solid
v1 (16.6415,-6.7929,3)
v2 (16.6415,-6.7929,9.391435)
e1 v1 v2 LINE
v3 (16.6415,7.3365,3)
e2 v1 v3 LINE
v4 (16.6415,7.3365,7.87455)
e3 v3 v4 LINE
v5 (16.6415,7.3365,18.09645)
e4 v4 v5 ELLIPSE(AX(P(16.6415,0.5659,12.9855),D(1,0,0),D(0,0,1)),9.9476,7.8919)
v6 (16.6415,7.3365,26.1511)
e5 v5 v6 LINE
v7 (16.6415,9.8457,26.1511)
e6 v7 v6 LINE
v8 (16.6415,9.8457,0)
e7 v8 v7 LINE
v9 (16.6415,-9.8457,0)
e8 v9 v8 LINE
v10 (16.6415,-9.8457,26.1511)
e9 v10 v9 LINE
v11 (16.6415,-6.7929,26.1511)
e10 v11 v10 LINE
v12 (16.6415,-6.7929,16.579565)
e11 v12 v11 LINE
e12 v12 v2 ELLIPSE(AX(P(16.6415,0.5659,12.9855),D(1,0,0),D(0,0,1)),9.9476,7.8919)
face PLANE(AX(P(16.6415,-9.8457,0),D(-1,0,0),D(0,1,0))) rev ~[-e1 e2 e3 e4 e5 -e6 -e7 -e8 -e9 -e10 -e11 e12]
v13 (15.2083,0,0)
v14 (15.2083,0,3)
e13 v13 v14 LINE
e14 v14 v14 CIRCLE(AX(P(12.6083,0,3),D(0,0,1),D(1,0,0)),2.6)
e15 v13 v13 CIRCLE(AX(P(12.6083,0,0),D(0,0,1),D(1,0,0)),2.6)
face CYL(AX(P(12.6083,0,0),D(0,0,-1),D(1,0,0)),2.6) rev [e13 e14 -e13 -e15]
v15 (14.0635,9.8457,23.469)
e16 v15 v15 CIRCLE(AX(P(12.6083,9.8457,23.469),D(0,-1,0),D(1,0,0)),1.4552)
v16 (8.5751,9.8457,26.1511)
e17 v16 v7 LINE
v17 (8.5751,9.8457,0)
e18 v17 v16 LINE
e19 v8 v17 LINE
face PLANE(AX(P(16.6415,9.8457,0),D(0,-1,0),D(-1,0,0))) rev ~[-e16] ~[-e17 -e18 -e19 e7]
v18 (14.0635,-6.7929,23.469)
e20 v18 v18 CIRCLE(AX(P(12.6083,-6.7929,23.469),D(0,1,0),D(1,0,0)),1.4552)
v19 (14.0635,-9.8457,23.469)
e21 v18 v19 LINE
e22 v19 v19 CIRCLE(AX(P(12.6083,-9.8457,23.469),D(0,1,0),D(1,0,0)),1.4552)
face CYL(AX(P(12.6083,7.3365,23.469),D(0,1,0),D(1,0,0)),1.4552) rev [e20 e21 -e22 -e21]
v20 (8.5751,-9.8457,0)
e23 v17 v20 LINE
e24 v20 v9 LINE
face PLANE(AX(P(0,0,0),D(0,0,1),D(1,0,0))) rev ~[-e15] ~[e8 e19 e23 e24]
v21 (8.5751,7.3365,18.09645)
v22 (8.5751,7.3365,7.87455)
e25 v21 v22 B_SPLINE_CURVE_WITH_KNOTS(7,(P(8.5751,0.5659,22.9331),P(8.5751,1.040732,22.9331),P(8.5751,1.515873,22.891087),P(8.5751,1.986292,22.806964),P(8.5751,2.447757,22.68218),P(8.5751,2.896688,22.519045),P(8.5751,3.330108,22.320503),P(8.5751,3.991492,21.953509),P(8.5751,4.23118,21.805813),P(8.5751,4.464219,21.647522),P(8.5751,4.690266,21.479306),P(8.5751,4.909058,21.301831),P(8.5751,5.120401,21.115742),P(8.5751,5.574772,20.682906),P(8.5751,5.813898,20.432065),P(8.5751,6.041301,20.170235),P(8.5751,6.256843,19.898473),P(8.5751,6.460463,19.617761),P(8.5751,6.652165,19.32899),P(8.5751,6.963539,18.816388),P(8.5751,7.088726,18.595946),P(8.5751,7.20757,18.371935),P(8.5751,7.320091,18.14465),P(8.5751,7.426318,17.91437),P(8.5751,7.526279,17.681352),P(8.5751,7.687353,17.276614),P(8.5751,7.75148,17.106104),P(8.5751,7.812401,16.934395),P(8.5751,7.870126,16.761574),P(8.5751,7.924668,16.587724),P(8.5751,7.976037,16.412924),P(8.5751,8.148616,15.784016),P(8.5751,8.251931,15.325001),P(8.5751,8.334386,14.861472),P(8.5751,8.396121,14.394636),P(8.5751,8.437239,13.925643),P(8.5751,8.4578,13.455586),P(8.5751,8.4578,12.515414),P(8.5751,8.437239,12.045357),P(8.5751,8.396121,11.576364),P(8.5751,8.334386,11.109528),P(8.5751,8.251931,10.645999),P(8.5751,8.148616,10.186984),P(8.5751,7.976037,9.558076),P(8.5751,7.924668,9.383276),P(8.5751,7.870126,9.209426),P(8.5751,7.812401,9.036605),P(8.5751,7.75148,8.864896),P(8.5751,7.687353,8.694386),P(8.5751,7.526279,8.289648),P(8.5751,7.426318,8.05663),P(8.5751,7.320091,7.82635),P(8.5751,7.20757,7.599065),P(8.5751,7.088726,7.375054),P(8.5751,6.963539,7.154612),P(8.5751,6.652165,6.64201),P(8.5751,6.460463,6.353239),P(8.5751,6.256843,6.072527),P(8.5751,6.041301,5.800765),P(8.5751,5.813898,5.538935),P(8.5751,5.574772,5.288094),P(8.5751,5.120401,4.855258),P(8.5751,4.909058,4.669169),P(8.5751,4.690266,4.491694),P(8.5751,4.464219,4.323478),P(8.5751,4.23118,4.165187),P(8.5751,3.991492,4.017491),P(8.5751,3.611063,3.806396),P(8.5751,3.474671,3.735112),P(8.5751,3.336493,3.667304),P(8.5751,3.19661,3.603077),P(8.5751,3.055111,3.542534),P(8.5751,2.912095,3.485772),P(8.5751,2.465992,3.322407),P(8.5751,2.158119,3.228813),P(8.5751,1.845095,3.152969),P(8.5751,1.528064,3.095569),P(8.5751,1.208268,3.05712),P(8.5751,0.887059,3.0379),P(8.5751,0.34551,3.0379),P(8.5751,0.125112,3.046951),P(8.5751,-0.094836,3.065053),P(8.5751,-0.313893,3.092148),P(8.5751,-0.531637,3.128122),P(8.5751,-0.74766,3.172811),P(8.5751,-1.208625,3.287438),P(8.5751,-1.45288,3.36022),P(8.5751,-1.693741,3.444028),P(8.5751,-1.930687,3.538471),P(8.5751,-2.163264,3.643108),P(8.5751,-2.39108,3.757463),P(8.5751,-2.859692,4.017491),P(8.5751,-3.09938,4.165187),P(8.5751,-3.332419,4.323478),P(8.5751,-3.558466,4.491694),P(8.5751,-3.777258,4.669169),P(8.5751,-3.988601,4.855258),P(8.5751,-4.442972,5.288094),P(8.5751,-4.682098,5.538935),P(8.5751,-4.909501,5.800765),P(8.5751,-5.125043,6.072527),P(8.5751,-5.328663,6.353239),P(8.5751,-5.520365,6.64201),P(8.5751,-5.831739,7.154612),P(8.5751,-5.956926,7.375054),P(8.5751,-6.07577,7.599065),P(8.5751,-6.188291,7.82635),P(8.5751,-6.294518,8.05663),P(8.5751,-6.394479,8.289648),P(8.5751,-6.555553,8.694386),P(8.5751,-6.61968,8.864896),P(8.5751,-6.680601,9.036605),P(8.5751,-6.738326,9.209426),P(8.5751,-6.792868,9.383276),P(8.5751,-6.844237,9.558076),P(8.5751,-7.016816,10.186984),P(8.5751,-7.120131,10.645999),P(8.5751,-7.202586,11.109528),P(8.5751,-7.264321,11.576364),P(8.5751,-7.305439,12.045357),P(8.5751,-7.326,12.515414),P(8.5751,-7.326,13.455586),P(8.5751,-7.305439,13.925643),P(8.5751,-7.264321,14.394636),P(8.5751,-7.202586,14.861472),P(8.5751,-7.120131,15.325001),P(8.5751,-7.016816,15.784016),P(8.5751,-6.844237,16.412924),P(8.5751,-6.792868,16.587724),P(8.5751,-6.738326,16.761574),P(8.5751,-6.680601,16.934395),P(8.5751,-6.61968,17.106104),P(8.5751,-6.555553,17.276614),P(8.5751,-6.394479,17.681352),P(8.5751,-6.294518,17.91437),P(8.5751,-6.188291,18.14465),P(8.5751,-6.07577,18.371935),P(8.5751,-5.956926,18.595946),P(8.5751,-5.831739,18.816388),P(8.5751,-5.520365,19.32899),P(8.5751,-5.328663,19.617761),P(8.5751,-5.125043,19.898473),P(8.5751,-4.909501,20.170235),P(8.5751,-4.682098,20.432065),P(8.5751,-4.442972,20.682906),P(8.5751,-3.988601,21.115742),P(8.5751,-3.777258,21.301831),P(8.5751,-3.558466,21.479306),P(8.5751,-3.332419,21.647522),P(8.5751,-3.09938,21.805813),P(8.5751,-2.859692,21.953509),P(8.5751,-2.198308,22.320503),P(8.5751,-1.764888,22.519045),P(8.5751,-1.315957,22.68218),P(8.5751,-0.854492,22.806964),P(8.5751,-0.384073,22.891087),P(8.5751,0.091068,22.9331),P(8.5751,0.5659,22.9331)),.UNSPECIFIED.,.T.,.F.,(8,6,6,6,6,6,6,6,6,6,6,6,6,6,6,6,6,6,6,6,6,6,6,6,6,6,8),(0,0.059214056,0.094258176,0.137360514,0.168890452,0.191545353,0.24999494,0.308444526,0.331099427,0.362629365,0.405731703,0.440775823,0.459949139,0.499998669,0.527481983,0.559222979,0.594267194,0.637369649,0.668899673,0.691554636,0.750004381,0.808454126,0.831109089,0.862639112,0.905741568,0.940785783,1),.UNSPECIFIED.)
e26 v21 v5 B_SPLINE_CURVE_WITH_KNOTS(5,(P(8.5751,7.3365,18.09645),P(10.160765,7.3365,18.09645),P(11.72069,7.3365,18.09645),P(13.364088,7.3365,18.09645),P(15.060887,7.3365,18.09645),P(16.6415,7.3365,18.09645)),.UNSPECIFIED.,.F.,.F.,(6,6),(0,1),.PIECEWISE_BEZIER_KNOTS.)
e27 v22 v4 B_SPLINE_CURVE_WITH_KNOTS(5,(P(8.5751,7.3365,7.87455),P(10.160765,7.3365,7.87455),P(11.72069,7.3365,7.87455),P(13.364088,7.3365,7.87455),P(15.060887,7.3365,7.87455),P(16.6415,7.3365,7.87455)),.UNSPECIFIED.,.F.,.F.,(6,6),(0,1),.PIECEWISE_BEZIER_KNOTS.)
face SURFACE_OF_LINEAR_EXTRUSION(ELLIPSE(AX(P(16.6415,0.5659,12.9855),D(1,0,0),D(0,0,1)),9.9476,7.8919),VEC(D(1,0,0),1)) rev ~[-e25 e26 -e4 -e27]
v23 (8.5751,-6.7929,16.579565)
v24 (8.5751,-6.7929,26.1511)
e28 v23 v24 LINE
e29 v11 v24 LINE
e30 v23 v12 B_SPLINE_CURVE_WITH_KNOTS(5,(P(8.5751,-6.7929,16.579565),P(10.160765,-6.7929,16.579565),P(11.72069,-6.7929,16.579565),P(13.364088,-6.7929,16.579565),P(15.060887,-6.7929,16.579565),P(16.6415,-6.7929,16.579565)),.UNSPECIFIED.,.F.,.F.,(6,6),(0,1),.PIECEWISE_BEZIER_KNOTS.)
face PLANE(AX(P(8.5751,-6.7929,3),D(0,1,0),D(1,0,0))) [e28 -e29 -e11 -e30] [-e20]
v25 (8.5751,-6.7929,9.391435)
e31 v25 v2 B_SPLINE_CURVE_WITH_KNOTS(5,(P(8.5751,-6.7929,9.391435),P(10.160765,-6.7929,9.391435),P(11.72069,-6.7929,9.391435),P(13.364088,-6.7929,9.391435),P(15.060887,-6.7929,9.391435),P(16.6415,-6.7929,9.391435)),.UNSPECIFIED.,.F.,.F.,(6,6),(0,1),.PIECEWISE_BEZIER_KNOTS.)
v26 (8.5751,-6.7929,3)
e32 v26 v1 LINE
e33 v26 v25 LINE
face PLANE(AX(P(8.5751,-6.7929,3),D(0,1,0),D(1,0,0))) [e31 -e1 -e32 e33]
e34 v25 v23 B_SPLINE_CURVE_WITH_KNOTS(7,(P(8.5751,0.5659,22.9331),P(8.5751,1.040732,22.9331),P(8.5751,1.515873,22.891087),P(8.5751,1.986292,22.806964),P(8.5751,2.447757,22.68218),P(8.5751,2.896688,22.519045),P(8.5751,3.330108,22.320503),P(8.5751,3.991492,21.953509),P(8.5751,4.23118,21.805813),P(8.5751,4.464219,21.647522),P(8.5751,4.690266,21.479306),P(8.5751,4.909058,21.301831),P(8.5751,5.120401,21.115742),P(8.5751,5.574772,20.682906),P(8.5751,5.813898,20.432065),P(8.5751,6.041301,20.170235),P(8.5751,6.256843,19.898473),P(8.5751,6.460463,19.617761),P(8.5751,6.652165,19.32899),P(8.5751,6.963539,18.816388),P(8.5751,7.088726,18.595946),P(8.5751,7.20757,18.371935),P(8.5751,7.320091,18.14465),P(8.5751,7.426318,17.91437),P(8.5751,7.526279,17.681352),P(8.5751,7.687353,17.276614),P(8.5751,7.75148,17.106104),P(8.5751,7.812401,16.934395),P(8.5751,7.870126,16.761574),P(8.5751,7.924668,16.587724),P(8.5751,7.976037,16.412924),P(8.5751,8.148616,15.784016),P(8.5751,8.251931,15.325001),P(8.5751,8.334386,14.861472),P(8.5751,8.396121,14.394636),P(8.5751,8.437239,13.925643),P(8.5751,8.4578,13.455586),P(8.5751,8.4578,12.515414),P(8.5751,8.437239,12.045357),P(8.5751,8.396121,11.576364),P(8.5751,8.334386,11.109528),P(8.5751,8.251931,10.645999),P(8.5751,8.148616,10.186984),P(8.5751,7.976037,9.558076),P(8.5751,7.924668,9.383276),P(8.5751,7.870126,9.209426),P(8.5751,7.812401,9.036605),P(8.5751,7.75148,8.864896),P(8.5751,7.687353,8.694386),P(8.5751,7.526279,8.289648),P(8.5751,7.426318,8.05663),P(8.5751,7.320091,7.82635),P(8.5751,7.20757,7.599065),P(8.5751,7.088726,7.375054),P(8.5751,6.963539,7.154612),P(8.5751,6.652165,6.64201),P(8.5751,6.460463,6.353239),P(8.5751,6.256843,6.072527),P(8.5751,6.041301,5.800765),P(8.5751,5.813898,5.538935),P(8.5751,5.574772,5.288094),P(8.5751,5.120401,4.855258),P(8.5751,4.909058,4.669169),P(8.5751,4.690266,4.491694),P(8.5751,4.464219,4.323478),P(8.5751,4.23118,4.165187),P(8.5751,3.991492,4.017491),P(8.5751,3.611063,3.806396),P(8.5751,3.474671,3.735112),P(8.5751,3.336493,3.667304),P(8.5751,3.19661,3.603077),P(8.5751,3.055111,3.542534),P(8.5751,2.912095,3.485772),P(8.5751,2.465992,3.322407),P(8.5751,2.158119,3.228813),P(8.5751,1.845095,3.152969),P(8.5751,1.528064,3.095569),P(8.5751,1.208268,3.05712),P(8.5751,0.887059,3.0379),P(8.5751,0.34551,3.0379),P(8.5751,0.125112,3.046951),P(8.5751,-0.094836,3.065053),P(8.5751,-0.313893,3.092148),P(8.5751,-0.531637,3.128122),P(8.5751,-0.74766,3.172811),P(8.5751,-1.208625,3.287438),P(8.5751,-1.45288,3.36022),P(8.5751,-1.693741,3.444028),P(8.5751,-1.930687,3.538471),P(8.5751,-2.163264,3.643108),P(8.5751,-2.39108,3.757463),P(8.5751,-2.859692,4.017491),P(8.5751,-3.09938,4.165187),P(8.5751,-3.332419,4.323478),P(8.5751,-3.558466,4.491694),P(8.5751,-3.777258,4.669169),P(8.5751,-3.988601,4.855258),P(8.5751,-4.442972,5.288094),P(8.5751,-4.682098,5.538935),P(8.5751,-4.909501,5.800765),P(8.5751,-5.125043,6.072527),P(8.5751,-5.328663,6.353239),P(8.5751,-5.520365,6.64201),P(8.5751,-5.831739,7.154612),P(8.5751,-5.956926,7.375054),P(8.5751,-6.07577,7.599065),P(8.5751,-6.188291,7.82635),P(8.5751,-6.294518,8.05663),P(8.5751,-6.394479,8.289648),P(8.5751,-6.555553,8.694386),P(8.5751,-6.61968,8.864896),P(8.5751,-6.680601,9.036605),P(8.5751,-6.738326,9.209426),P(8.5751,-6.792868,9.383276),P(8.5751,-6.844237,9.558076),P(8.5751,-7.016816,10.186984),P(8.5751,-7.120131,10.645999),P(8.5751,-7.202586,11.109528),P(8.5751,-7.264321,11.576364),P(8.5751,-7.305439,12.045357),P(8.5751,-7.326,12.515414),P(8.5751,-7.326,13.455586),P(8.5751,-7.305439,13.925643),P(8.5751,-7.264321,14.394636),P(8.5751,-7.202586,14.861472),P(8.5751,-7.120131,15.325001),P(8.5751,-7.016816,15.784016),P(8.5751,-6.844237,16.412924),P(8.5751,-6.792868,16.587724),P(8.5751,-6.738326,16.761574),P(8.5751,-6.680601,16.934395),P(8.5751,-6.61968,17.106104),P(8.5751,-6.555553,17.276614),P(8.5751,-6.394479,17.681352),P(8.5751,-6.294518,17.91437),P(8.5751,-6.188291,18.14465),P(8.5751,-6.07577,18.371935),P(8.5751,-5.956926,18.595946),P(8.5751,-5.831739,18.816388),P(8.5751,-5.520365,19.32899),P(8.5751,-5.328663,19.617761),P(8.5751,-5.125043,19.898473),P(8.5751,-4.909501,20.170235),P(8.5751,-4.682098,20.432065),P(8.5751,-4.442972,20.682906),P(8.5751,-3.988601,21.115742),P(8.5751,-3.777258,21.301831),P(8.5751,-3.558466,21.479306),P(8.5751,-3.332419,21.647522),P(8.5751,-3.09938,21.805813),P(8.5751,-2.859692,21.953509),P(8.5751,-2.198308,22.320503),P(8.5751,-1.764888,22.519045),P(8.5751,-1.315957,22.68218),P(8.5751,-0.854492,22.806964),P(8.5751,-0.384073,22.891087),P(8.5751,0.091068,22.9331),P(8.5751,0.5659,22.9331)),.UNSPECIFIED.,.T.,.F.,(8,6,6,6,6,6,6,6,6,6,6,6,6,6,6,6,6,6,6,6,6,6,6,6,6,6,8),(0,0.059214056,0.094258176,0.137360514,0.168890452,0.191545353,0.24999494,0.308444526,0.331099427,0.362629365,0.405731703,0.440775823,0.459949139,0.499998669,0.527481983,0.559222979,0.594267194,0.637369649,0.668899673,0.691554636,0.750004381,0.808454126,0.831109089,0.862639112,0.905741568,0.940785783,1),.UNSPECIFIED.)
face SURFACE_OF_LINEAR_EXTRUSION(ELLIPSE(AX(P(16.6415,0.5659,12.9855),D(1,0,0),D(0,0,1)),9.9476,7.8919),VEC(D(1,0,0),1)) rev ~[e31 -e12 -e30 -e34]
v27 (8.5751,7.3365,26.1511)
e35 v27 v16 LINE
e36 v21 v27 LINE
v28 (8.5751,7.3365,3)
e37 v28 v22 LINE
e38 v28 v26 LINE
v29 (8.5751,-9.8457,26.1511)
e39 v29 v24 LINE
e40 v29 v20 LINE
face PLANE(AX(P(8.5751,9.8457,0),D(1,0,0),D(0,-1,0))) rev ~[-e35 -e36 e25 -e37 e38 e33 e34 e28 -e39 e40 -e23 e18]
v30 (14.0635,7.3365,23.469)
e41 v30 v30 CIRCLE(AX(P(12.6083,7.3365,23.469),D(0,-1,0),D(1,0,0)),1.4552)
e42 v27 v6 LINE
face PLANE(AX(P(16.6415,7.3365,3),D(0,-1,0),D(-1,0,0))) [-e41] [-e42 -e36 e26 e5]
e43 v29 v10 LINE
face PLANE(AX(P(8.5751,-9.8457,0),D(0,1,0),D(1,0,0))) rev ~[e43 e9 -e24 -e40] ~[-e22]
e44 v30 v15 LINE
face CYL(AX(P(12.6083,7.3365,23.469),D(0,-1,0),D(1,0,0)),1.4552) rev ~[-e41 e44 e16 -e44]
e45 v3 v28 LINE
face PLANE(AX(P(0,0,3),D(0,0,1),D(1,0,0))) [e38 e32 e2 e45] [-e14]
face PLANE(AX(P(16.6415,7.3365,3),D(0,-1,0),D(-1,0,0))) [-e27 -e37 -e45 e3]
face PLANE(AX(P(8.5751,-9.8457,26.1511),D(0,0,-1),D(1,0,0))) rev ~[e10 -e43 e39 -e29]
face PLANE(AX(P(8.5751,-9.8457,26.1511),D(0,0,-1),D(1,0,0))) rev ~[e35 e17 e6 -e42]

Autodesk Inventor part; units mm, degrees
ref_plane "YZ Plane" through (0, 0, 0) normal (1, 0, 0) x (0, 1, 0)
ref_plane "XZ Plane" through (0, 0, 0) normal (0, 1, 0) x (-1, 0, 0)
ref_plane "XY Plane" through (0, 0, 0) normal (0, 0, 1) x (1, 0, 0)
sketch "Skizze1" plane through (0, 0, 0) normal (0, 0, 1) x (1, 0, 0)
  line L0 (16.6415, 9.8457) -> (8.5751, 9.8457)
  line L1 (8.5751, 9.8457) -> (8.5751, -9.8457)
  line L2 (8.5751, -9.8457) -> (16.6415, -9.8457)
  line L3 (16.6415, -9.8457) -> (16.6415, 9.8457)
  line L4 (16.6415, 9.8457) -> (8.5751, -9.8457) construction
  line L5 (8.5751, 9.8457) -> (16.6415, -9.8457) construction
  circle A0 centre (12.6083, 0) radius 2.6
  point P0 (0, 0)
  dimension "d0" = 5.2
extrude "Extrusion1" add sketch "Skizze1" along normal blind 3
sketch "Skizze2" plane through (0, 0, 3) normal (0, 0, 1) x (1, 0, 0)
  circle A0 centre (12.6083, 0) radius 2.6 construction
  line L0 (16.6415, 9.8457) -> (8.5751, 9.8457) construction
  line L1 (8.5751, 9.8457) -> (8.5751, -9.8457) construction
  line L2 (8.5751, -9.8457) -> (16.6415, -9.8457) construction
  line L3 (16.6415, -9.8457) -> (16.6415, 9.8457) construction
  line L4 (8.5751, 9.8457) -> (8.5751, -9.8457) projected
  line L5 (16.6415, -9.8457) -> (8.5751, -9.8457)
  line L6 (8.5751, -9.8457) -> (8.5751, -6.7929)
  line L7 (8.5751, -6.7929) -> (16.6415, -6.7929)
  line L8 (16.6415, -6.7929) -> (16.6415, -9.8457)
  line L9 (16.6415, -9.8457) -> (16.6415, 9.8457) projected
  line L10 (8.5751, 9.8457) -> (16.6415, 9.8457)
  line L11 (16.6415, 9.8457) -> (16.6415, 7.3365)
  line L12 (16.6415, 7.3365) -> (8.5751, 7.3365)
  line L13 (8.5751, 7.3365) -> (8.5751, 9.8457)
  point P0 (0, 0)
extrude "Extrusion2" add sketch "Skizze2" along normal blind 25 contours L10 L9 L12 L4 | L7 L8 L5 L4
sketch "Skizze3" plane through (8.5751, 7.3365, 3) normal (0, -1, 0) x (1, 0, 0)
  line L0 (8.0665, 0) -> (0, 0) projected
  line L1 (8.0665, 0) -> (8.0665, 25) projected
  line L2 (0, 25) -> (8.0665, 25) projected
  line L3 (0, 0) -> (0, 25) projected
  circle A0 centre (4.0332, 20.469) radius 1.4552
  point P0 (-8.5751, -3)
extrude "Extrusion3" cut sketch "Skizze3" along normal through all both and the other way through all contours A0
sketch "Skizze4" plane through (8.5751, -9.8457, 0) normal (0, -1, 0) x (1, 0, 0)
  line L0 (8.0665, 3) -> (8.0665, 28) projected
  line L1 (0, 3) -> (0, 28) projected
  line L2 (8.0665, 28) -> (0, 28)
  line L3 (0, 28) -> (0, 26.1511)
  line L4 (0, 26.1511) -> (8.0665, 26.1511)
  line L5 (8.0665, 26.1511) -> (8.0665, 28)
  point P0 (-8.5751, 0)
extrude "Extrusion4" cut sketch "Skizze4" against normal through all
sketch "Skizze5" plane through (16.6415, -9.8457, 0) normal (1, 0, 0) x (0, 0, -1)
  ellipse E0 centre (-12.9855, 10.4116) end of major axis (-22.9331, 10.4116) minor radius 7.8919
  point P0 (0, 9.8457)
extrude "Extrusion5" cut sketch "Skizze5" along normal through all both and the other way through all
properties part number "amt_dragster"
